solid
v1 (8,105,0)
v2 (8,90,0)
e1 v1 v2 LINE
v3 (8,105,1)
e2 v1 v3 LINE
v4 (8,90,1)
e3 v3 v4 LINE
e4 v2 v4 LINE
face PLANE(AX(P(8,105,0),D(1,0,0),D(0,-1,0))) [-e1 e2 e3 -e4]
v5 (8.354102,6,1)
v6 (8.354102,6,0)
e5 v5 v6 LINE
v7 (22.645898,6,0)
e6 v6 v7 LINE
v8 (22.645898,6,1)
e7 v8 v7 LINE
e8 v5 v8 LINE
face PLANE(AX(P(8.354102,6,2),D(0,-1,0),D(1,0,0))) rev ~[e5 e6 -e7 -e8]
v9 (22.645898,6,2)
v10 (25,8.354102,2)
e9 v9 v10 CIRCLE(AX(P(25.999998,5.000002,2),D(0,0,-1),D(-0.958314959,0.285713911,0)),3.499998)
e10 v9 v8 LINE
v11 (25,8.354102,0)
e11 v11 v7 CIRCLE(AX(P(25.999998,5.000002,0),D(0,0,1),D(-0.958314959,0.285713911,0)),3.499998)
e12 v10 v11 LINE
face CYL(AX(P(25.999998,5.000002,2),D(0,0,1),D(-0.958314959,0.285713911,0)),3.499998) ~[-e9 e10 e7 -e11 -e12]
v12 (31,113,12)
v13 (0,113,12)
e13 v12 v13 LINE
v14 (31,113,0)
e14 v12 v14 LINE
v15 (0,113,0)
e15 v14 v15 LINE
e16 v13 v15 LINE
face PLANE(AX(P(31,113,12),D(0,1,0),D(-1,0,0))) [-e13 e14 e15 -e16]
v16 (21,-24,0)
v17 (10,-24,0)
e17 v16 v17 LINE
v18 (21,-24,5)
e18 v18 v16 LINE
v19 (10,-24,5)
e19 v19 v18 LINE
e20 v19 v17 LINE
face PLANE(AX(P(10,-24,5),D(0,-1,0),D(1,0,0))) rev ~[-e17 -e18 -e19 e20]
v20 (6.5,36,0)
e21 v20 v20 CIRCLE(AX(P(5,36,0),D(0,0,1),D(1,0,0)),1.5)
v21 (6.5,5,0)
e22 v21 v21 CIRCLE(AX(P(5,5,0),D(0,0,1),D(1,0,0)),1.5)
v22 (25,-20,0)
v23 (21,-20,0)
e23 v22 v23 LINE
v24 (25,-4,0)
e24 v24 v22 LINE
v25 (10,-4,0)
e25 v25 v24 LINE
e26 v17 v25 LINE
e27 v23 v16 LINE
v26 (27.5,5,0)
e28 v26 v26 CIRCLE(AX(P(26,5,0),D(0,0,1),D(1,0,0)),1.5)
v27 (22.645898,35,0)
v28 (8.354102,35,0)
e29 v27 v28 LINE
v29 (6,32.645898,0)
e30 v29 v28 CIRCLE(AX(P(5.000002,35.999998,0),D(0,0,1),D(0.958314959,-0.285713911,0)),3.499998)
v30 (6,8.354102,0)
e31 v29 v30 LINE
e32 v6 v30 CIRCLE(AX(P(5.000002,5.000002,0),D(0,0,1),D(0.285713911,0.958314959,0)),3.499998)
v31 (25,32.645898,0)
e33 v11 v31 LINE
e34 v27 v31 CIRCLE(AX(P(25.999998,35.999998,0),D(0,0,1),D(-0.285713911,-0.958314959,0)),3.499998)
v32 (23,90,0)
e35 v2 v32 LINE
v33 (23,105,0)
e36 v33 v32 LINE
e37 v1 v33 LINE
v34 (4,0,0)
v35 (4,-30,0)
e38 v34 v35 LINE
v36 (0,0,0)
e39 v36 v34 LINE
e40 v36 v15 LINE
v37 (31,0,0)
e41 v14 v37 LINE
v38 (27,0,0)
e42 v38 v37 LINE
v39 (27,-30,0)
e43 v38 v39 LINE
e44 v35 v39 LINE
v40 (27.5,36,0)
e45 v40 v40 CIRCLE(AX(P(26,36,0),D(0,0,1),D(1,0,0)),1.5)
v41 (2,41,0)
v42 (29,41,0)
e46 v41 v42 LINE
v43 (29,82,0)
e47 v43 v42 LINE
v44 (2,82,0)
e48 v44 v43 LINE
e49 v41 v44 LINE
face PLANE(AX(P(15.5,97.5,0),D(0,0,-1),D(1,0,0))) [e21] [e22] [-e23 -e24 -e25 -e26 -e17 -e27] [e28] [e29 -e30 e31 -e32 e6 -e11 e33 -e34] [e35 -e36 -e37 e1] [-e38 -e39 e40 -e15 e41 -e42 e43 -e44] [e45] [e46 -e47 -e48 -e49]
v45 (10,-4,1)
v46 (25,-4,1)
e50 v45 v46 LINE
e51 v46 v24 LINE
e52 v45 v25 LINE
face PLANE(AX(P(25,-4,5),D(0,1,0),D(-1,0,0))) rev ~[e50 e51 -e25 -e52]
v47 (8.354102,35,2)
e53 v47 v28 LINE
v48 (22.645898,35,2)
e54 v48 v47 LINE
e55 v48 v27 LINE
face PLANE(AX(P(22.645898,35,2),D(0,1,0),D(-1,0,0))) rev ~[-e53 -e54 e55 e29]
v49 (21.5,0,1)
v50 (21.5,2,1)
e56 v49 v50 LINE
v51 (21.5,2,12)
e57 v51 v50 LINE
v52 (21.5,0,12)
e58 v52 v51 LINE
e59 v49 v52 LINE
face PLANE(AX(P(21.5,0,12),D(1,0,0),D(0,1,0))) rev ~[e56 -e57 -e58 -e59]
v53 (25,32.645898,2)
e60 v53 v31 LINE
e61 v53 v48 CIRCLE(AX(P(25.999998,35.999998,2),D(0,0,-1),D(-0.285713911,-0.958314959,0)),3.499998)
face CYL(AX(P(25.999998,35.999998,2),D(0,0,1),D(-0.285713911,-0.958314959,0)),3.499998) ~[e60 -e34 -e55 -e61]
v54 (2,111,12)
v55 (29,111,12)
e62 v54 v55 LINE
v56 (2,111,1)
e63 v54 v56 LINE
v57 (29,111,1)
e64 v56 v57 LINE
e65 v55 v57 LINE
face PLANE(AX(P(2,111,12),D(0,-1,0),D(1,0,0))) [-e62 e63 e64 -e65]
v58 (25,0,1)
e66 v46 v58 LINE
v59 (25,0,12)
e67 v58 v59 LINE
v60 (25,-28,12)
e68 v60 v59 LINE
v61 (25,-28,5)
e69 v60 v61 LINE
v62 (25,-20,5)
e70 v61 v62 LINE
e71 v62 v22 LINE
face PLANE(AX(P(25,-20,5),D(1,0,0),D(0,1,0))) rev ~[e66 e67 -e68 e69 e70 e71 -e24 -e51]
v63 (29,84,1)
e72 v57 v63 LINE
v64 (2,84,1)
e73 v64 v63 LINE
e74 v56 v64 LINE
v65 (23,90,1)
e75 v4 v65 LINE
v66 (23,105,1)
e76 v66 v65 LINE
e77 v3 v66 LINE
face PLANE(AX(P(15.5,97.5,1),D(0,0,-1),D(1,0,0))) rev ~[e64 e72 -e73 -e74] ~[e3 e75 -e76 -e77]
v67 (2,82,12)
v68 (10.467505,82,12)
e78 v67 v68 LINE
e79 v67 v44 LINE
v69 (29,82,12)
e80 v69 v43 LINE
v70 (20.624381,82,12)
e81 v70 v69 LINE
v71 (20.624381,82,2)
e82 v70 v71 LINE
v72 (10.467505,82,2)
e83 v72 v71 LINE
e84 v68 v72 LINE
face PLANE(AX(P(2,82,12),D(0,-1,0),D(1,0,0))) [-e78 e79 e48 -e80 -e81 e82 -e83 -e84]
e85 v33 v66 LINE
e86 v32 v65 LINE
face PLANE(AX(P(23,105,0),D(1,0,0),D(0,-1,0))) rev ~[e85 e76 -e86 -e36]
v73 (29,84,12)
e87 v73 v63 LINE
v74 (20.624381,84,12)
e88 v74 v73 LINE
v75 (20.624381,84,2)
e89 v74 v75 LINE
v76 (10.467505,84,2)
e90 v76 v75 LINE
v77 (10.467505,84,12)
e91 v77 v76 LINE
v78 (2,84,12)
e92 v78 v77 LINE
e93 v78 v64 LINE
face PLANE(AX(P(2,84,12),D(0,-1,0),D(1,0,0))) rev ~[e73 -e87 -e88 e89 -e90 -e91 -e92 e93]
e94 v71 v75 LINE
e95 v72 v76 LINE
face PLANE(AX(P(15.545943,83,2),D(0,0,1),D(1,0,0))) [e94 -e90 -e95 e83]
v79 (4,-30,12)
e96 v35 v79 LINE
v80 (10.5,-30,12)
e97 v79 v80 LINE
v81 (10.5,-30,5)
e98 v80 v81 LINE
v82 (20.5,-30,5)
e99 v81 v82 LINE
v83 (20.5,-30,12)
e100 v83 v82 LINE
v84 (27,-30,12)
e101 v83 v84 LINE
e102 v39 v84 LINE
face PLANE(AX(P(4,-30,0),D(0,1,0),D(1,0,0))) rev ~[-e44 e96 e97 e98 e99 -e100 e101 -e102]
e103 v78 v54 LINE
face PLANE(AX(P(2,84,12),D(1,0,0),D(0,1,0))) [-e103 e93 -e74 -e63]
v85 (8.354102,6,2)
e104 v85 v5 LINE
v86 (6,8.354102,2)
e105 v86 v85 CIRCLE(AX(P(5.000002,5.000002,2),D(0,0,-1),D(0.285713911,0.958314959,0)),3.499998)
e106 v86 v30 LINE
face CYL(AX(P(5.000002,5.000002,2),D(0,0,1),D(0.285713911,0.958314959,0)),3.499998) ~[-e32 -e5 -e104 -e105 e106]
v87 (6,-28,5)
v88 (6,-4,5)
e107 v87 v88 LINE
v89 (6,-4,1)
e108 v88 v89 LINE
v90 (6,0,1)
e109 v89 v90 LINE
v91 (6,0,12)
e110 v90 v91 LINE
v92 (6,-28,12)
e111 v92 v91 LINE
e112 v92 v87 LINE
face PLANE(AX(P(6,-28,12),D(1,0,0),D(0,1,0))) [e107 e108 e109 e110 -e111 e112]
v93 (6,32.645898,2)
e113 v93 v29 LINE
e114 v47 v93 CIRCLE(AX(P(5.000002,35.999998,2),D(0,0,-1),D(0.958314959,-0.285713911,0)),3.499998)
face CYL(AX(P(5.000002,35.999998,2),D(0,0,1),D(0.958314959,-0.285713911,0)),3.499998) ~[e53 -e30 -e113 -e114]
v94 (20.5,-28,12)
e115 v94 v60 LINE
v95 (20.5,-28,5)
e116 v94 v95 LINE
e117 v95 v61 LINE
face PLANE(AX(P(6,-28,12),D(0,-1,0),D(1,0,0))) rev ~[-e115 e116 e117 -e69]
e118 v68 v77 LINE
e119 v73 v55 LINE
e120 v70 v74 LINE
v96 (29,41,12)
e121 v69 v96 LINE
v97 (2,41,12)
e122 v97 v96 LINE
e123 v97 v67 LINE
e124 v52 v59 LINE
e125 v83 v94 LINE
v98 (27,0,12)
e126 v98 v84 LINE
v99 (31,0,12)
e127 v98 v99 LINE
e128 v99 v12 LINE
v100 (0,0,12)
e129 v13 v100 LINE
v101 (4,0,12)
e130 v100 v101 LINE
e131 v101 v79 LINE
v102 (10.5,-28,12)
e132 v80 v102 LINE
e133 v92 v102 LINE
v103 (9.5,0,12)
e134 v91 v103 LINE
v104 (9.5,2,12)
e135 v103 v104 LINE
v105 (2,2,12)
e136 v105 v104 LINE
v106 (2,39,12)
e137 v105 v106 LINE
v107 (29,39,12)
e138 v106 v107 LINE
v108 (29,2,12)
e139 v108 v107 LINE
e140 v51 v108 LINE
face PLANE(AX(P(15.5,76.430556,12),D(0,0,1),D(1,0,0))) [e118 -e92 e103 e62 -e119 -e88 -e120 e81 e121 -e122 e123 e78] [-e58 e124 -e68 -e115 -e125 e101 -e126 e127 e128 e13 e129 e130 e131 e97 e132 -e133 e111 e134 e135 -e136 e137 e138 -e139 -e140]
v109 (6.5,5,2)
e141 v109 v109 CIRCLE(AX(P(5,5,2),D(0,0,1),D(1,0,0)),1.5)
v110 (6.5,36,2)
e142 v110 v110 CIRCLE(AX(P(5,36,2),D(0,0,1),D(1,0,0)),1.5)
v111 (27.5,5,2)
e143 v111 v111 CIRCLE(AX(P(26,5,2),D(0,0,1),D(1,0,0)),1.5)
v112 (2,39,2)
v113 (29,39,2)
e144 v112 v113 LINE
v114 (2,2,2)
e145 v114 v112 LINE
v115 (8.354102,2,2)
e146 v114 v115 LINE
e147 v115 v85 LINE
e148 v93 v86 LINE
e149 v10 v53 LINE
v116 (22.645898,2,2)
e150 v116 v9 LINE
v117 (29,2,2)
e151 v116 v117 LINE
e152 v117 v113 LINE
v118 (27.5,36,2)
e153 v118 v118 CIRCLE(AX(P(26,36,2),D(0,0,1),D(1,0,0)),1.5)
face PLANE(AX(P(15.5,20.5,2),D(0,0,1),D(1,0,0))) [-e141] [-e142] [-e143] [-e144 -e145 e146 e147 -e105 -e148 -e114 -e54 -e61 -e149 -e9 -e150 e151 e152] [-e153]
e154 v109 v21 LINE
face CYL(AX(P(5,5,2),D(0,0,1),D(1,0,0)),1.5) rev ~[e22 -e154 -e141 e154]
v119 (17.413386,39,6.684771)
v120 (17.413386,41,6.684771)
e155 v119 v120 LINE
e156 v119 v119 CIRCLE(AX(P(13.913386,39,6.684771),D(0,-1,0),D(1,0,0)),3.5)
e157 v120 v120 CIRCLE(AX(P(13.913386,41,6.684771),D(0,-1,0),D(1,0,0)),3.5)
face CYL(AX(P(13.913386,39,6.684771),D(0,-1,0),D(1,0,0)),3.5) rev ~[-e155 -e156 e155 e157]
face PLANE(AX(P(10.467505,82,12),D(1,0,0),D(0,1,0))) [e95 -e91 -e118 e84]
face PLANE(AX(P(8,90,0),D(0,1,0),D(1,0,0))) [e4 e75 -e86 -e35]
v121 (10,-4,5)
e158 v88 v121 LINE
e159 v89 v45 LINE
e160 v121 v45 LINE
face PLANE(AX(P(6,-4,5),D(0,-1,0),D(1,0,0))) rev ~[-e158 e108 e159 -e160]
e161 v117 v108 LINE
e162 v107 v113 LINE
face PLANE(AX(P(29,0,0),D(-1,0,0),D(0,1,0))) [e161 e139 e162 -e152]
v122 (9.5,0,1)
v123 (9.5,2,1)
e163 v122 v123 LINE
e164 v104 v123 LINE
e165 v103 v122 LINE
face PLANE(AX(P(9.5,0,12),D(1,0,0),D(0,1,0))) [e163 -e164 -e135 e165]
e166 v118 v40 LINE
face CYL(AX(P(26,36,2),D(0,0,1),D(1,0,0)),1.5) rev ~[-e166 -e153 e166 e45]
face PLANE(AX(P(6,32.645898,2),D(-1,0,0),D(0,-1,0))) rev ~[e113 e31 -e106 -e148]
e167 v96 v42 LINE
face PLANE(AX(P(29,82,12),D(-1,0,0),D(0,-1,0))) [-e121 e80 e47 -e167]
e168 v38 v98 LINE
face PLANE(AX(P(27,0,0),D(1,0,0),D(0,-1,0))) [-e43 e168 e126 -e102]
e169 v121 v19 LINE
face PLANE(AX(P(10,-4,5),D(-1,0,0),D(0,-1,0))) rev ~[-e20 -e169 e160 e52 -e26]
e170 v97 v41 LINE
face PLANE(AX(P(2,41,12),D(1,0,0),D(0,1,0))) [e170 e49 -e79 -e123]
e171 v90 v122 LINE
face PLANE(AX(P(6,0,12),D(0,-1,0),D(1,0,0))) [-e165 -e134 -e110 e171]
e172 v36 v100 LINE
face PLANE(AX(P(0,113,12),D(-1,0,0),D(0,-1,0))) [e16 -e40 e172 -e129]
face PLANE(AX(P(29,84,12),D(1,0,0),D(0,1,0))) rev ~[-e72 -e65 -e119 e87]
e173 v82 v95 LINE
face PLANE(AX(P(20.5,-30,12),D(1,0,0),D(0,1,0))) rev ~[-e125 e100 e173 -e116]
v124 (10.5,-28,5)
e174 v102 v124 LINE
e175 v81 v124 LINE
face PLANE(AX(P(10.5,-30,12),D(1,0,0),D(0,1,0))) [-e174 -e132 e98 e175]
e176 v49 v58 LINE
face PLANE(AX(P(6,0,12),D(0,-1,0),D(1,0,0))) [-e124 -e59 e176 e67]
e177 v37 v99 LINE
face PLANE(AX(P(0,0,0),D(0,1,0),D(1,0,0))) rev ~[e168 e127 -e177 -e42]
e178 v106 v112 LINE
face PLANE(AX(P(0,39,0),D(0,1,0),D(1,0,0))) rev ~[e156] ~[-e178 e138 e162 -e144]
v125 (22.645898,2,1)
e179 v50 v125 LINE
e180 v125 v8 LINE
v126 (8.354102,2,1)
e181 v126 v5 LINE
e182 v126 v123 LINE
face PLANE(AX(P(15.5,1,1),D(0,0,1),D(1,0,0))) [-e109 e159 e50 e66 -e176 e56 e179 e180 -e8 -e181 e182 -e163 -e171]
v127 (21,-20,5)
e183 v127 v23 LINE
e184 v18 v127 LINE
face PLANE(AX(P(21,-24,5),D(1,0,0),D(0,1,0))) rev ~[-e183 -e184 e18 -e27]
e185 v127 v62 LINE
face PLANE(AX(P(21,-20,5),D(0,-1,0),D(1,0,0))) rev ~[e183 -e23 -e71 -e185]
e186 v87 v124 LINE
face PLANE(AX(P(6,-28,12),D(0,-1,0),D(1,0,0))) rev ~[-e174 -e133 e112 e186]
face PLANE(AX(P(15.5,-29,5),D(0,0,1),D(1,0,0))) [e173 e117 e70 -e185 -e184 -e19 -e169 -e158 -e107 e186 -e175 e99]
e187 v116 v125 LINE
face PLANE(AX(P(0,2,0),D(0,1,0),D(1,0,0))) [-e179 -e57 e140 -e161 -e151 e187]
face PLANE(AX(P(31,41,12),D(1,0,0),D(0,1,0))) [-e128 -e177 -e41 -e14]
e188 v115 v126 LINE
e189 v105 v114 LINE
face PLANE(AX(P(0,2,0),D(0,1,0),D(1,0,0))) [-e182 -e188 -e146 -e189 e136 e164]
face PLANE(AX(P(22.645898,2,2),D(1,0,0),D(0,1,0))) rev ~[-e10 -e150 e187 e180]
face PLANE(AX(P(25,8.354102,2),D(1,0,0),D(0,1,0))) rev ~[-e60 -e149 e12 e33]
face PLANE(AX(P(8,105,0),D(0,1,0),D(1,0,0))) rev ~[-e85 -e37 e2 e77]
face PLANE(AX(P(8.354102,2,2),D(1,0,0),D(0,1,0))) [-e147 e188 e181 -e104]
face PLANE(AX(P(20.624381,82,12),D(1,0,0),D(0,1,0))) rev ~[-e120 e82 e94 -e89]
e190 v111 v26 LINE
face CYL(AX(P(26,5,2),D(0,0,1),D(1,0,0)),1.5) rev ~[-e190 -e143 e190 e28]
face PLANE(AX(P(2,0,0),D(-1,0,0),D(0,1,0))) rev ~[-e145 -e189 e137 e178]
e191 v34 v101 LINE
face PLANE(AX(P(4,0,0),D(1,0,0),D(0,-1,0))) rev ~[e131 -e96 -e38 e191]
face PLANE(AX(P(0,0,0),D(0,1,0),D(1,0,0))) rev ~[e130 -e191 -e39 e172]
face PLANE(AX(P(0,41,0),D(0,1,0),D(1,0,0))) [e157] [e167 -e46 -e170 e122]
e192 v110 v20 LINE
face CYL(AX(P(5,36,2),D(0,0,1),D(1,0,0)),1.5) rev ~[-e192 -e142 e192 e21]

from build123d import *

# Parameters (mm, degrees)
F0_W      = 31
F0_H      = 41
F1_DEPTH  = 12
F2_T      = -2
F3_R      = 1.5
F4_DEPTH  = 25
F6_DEPTH  = 25
F7_W      = 14.291796
F7_H      = 4
F8_DEPTH  = 1
F9_W      = 12
F9_H      = 2
F10_DEPTH = 11
F11_W     = 23
F11_H     = 30
F12_DEPTH = 12
F13_W     = 19
F13_H     = 28
F14_DEPTH = 7
F15_W     = 19
F15_H     = 4
F16_DEPTH = 4
F18_DEPTH = 25
F19_R     = 3.5
F20_DEPTH = 25
F21_W     = 27
F21_H     = 27
F22_DEPTH = 12
F23_W     = 27
F23_H     = 27
F23_W_2   = 15
F23_H_2   = 15
F24_DEPTH = 1
F25_W     = 10.156876
F25_H     = 2
F26_DEPTH = 10
F27_W     = 10
F27_H     = 2
F28_DEPTH = 7


with BuildPart() as f1:
    # F0 (on Top) → F1 (new body)
    with BuildSketch(Plane.XY):
        with Locations((15.5, 20.5)):
            Rectangle(F0_W, F0_H)
    extrude(amount=F1_DEPTH)

    # F2
    f2_openings = [f1.faces().sort_by_distance(p)[0] for p in [
        (15.5, 20.5, 12),
    ]]
    offset(amount=F2_T, openings=f2_openings)

    # F3 (on face) → F4 (cut)
    with BuildSketch(Plane.XY.offset(2)):
        with Locations((5, 36)):
            Circle(F3_R)
        with Locations((26, 36)):
            Circle(F3_R)
        with Locations((26, 5)):
            Circle(F3_R)
        with Locations((5, 5)):
            Circle(F3_R)
    extrude(amount=-F4_DEPTH, mode=Mode.SUBTRACT)

    # F5 (on face) → F6 (cut)
    with BuildSketch(Plane.XY.offset(2)):
        with BuildLine():
            ThreePointArc((25, 32.645898), (23.525126, 33.525126), (22.645898, 35))
            Line((22.645898, 35), (8.354102, 35))
            ThreePointArc((8.354102, 35), (7.474874, 33.525126), (6, 32.645898))
            Line((6, 32.645898), (6, 8.354102))
            ThreePointArc((6, 8.354102), (7.474874, 7.474874), (8.354102, 6))
            Line((8.354102, 6), (22.645898, 6))
            ThreePointArc((22.645898, 6), (23.525126, 7.474874), (25, 8.354102))
            Line((25, 8.354102), (25, 32.645898))
        make_face()
    extrude(amount=-F6_DEPTH, mode=Mode.SUBTRACT)

    # F7 (on face) → F8 (cut)
    with BuildSketch(Plane.XY.offset(2)):
        with Locations((15.5, 4)):
            Rectangle(F7_W, F7_H)
    extrude(amount=-F8_DEPTH, mode=Mode.SUBTRACT)

    # F9 (on face) → F10 (cut)
    with BuildSketch(Plane.XY.offset(12)):
        with Locations((15.5, 1)):
            Rectangle(F9_W, F9_H)
    extrude(amount=-F10_DEPTH, mode=Mode.SUBTRACT)

    # F11 (on face) → F12 (join)
    with BuildSketch(Plane(origin=(0, 0, 0), x_dir=(1, 0, 0), z_dir=(0, 0, -1))):
        with Locations((15.5, 15)):
            Rectangle(F11_W, F11_H)
    extrude(amount=-F12_DEPTH)

    # F13 (on face) → F14 (cut)
    with BuildSketch(Plane.XY.offset(12)):
        with Locations((15.5, -14)):
            Rectangle(F13_W, F13_H)
    extrude(amount=-F14_DEPTH, mode=Mode.SUBTRACT)

    # F15 (on face) → F16 (cut)
    with BuildSketch(Plane.XY.offset(5)):
        with Locations((15.5, -2)):
            Rectangle(F15_W, F15_H)
    extrude(amount=-F16_DEPTH, mode=Mode.SUBTRACT)

    # F17 (on face) → F18 (cut)
    with BuildSketch(Plane.XY.offset(5)):
        Polygon((25, -4), (21, -4), (10, -4), (10, -24), (21, -24), (21, -20), (25, -20), align=None)
    extrude(amount=-F18_DEPTH, mode=Mode.SUBTRACT)

    # F19 (on face) → F20 (cut)
    with BuildSketch(Plane.XZ.offset(-39)):
        with Locations((13.913386, 6.684771)):
            Circle(F19_R)
    extrude(amount=-F20_DEPTH, mode=Mode.SUBTRACT)

    # F21 (on face) → F22 (join)
    with BuildSketch(Plane.XY.offset(12)):
        Polygon((29, 41), (31, 41), (31, 113), (0, 113), (0, 41), (2, 41), (2, 82), (29, 82), align=None)
        with Locations((15.5, 97.5)):
            Rectangle(F21_W, F21_H, mode=Mode.SUBTRACT)
    extrude(amount=-F22_DEPTH)

    # F23 (on face) → F24 (join)
    with BuildSketch(Plane(origin=(0, 0, 0), x_dir=(1, 0, 0), z_dir=(0, 0, -1))):
        with Locations((15.5, -97.5)):
            Rectangle(F23_W, F23_H)
        with Locations((15.5, -97.5)):
            Rectangle(F23_W_2, F23_H_2, mode=Mode.SUBTRACT)
    extrude(amount=-F24_DEPTH)

    # F25 (on face) → F26 (cut)
    with BuildSketch(Plane.XY.offset(12)):
        with Locations((15.545943, 83)):
            Rectangle(F25_W, F25_H)
    extrude(amount=-F26_DEPTH, mode=Mode.SUBTRACT)

    # F27 (on face) → F28 (cut)
    with BuildSketch(Plane.XY.offset(12)):
        with Locations((15.5, -29)):
            Rectangle(F27_W, F27_H)
    extrude(amount=-F28_DEPTH, mode=Mode.SUBTRACT)


solid = f1.part
